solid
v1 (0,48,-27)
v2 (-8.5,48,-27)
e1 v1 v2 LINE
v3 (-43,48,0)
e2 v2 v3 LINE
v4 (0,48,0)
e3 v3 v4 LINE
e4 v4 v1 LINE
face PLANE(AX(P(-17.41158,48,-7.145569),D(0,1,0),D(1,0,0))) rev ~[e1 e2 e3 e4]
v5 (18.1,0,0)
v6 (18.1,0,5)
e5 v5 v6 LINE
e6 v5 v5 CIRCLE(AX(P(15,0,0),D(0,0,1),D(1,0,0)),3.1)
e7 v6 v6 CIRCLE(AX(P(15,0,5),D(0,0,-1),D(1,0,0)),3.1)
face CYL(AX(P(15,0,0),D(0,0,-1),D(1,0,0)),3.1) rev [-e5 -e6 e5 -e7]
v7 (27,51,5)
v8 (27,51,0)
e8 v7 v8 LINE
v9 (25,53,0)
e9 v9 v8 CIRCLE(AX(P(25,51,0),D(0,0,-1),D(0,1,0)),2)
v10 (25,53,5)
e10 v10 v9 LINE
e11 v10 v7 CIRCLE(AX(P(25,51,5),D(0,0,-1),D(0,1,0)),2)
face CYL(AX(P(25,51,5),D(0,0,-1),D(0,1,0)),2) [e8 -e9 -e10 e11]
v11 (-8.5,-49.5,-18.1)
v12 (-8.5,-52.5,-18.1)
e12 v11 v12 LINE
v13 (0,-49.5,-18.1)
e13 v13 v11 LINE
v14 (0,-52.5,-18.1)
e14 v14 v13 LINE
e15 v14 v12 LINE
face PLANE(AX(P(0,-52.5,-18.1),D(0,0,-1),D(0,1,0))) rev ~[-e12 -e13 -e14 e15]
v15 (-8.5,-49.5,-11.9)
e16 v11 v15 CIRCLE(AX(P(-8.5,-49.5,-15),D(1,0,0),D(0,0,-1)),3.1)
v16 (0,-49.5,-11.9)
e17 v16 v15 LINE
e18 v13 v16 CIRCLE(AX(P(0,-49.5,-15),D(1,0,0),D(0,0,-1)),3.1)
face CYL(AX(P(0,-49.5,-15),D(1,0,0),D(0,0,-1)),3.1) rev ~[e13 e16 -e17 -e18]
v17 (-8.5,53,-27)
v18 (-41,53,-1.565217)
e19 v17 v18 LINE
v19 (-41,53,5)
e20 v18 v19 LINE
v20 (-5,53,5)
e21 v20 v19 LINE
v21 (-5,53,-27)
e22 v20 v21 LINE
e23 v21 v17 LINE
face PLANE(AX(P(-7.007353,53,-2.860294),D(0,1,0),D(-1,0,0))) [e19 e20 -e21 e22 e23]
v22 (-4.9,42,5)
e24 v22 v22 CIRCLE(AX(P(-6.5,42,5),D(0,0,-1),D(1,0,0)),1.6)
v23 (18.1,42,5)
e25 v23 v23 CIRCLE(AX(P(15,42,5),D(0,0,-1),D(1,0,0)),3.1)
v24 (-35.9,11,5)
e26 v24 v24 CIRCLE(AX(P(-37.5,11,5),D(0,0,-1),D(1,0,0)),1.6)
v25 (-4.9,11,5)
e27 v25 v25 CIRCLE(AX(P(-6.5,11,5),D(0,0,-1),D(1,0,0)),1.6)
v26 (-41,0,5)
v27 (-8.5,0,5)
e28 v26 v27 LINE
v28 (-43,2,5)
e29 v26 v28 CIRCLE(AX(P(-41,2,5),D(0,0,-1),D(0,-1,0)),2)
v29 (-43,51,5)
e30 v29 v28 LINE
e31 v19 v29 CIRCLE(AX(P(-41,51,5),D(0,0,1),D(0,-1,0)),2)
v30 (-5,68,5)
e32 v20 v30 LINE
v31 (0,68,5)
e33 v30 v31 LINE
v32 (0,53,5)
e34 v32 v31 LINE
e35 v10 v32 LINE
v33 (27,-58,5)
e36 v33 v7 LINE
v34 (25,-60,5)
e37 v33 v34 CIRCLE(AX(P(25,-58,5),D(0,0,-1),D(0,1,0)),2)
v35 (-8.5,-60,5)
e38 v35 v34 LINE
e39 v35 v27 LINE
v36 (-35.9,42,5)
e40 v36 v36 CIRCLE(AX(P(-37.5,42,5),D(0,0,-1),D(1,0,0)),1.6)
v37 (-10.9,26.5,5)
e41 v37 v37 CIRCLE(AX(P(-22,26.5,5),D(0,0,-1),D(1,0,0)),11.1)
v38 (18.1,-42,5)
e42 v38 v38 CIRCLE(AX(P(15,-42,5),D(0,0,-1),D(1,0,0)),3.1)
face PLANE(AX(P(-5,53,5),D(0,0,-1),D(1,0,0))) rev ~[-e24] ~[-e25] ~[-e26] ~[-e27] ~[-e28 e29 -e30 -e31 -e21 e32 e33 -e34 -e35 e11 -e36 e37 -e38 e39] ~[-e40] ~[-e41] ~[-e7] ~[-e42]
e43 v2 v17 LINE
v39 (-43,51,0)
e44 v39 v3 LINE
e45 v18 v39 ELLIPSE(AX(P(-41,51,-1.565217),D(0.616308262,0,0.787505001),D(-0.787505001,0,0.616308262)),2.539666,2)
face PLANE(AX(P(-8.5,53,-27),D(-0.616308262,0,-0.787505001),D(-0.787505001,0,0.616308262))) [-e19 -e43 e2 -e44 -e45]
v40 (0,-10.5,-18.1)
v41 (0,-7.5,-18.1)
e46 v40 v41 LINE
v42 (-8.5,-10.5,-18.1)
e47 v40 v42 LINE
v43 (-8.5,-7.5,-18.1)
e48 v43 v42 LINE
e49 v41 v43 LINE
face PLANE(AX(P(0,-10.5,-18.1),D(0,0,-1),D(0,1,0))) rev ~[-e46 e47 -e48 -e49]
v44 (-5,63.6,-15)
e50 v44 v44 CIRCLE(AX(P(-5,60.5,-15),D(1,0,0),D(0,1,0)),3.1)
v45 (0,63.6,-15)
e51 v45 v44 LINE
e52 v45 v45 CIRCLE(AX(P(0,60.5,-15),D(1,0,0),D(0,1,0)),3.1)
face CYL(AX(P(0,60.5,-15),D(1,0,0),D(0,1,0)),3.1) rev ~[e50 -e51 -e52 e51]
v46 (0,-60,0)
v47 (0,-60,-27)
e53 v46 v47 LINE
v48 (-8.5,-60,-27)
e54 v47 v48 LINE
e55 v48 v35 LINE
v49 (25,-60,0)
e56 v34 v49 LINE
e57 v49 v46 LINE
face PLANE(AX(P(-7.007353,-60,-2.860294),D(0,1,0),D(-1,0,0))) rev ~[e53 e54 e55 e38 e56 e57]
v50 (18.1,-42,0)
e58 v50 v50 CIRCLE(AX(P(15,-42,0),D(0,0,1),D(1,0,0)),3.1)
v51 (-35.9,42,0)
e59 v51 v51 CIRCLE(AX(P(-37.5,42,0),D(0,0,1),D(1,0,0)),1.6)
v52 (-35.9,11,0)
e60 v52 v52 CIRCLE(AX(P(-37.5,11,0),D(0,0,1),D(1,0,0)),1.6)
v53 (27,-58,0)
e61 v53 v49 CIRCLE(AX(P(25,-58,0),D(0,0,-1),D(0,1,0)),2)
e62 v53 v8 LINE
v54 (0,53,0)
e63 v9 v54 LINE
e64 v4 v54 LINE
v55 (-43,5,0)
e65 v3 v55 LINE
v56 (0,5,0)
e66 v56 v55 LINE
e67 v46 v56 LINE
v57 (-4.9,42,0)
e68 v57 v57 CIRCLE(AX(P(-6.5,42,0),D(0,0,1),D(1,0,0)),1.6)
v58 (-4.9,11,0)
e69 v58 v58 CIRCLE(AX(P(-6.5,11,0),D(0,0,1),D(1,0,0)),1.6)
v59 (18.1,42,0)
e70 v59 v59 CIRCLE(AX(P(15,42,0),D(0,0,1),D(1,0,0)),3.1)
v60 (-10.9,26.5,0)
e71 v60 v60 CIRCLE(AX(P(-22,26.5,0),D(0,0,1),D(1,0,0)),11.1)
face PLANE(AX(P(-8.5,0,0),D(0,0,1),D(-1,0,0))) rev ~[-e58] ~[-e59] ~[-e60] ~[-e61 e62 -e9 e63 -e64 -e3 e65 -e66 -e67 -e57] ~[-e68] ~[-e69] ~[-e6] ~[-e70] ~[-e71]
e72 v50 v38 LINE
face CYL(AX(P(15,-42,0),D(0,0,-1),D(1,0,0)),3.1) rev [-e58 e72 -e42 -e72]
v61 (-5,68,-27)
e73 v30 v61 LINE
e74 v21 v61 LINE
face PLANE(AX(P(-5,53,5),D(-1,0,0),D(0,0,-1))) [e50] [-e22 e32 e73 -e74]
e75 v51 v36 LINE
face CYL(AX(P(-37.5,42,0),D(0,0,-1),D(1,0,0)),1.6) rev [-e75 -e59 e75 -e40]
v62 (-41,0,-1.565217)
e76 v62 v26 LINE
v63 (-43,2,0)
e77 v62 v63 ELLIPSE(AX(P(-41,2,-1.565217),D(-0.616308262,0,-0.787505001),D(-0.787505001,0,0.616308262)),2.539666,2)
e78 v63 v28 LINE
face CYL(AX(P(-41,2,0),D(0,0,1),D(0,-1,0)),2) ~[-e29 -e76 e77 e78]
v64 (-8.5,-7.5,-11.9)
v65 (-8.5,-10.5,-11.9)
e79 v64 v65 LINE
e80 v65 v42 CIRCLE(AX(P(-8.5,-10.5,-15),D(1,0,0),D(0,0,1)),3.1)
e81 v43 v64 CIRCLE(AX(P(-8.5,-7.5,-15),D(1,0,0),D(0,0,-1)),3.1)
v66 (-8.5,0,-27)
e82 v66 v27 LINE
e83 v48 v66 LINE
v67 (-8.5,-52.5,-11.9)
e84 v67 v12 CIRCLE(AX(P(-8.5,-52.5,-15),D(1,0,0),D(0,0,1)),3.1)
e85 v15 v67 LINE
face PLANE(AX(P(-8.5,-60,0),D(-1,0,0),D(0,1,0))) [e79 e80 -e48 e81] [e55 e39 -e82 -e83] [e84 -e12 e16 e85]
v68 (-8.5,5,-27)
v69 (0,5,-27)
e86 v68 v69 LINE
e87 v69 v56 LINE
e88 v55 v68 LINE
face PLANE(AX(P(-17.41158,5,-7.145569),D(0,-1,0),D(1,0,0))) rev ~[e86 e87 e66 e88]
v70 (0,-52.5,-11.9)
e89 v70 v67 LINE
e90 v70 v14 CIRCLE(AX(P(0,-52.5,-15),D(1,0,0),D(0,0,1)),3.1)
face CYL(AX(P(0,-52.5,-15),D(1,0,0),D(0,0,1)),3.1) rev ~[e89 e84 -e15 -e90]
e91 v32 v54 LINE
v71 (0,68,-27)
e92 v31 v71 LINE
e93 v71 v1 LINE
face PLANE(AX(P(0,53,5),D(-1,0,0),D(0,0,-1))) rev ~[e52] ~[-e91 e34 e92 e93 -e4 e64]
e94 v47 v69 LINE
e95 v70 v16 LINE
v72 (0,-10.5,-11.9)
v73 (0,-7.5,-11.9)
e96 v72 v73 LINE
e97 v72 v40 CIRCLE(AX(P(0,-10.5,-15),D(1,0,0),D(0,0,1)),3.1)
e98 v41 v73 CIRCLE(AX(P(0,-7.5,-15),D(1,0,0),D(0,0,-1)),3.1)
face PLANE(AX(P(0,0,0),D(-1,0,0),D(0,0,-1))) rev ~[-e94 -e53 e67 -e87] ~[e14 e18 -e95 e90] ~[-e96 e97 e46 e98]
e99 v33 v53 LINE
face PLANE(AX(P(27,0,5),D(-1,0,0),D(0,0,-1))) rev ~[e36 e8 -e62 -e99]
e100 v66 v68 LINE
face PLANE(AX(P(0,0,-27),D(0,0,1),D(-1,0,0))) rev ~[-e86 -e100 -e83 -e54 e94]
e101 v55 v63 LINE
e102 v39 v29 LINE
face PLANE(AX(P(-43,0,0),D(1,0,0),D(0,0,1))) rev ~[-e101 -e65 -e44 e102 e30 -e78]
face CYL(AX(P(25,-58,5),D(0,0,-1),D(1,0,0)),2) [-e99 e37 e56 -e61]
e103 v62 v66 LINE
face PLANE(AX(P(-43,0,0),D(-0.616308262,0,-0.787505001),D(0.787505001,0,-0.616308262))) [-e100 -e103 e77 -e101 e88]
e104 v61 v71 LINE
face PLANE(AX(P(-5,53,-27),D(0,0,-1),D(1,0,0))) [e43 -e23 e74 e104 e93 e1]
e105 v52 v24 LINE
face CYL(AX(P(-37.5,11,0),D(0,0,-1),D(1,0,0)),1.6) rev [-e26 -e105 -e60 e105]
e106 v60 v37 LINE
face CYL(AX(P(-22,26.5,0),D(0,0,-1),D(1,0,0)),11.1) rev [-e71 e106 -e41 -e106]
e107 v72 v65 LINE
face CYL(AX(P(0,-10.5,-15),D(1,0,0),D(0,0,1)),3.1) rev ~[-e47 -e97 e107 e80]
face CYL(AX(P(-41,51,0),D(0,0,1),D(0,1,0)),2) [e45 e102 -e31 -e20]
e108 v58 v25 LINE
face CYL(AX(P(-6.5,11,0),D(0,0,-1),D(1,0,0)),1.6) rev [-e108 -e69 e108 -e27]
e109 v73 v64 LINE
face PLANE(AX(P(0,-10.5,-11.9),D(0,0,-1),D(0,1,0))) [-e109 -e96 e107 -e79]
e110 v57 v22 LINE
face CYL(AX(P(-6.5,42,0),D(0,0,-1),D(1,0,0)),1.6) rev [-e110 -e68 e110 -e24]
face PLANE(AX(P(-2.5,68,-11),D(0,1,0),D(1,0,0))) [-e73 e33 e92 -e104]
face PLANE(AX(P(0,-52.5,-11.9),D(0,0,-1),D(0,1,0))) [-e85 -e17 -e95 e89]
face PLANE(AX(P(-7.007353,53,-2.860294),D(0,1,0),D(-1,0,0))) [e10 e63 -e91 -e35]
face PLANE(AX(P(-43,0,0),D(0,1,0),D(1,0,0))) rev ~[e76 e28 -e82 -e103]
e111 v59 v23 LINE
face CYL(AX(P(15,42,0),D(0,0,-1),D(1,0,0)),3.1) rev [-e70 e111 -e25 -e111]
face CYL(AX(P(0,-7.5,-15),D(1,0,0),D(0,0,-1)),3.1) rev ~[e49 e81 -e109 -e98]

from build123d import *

# Parameters (mm, degrees)
PAD_DEPTH         = 60
PAD_DEPTH_BACK    = 53
SKETCH001_R       = 11.1
SKETCH001_R_2     = 3.1
SKETCH001_R_3     = 1.6
SKETCH001_W       = 34.5
SKETCH001_H       = 60
POCKET_DEPTH      = 27.001
POCKET_DEPTH_BACK = -5.001
POCKET001_DEPTH   = 43.001
PAD001_DEPTH      = 5
PAD002_DEPTH      = 5
SKETCH005_W       = 43
SKETCH005_H       = 27
POCKET002_DEPTH   = 43.001
SKETCH006_W       = 5
SKETCH006_H       = 32
PAD003_DEPTH      = 15
SKETCH007_R       = 3.1
POCKET003_DEPTH   = 43.001
FILLET_R          = 2


with BuildPart() as part:
    # Sketch → Pad (new body, two sides)
    with BuildSketch(Plane.XZ) as pad_sk:
        Polygon((-43, 5), (27, 5), (27, 0), (0, 0), (0, -27), (-8.5, -27), (-8.5, 0), (-43, 0), align=None)
    extrude(amount=PAD_DEPTH)
    extrude(pad_sk.sketch, amount=-PAD_DEPTH_BACK)

    # Sketch001 → Pocket (cut, two sides)
    with BuildSketch(Plane.XY) as pocket_sk:
        with Locations((-22, 26.5)):
            Circle(SKETCH001_R)
        with Locations((15, 42)):
            Circle(SKETCH001_R_2)
        with Locations((15, -42)):
            Circle(SKETCH001_R_2)
        with Locations((15, 0)):
            Circle(SKETCH001_R_2)
        with Locations((-37.5, 42)):
            Circle(SKETCH001_R_3)
        with Locations((-6.5, 42)):
            Circle(SKETCH001_R_3)
        with Locations((-6.5, 11)):
            Circle(SKETCH001_R_3)
        with Locations((-37.5, 11)):
            Circle(SKETCH001_R_3)
        with Locations((-25.75, -30)):
            Rectangle(SKETCH001_W, SKETCH001_H)
    extrude(amount=-POCKET_DEPTH, mode=Mode.SUBTRACT)
    extrude(pocket_sk.sketch, amount=-POCKET_DEPTH_BACK, mode=Mode.SUBTRACT)

    # Sketch002 → Pocket001 (cut, through all)
    with BuildSketch(Plane.YZ):
        with BuildLine():
            ThreePointArc((-52.5, -11.9), (-55.6, -15), (-52.5, -18.1))
            Line((-52.5, -18.1), (-49.5, -18.1))
            ThreePointArc((-49.5, -18.1), (-46.4, -15), (-49.5, -11.9))
            Line((-52.5, -11.9), (-49.5, -11.9))
        make_face()
        with BuildLine():
            ThreePointArc((-10.5, -11.9), (-13.6, -15), (-10.5, -18.1))
            Line((-10.5, -18.1), (-7.5, -18.1))
            ThreePointArc((-7.5, -18.1), (-4.4, -15), (-7.5, -11.9))
            Line((-10.5, -11.9), (-7.5, -11.9))
        make_face()
    extrude(amount=-POCKET001_DEPTH, mode=Mode.SUBTRACT)

    # Sketch003 → Pad001 (join)
    with BuildSketch(Plane.XZ):
        Polygon((-43, 5), (-43, 0), (-8.5, -27), (0, -27), (0, 5), align=None)
    extrude(amount=-PAD001_DEPTH)

    # Sketch004 (on Face1 of Pad001) → Pad002 (join)
    with BuildSketch(Plane(origin=(0, 53, 0), x_dir=(1, 0, 0), z_dir=(0, 1, 0))):
        Polygon((-43, -5), (0, -5), (0, 27), (-8.5, 27), (-43, 0), align=None)
    extrude(amount=-PAD002_DEPTH)

    # Sketch005 → Pocket002 (cut, through all)
    with BuildSketch(Plane.YZ):
        with Locations((26.5, -13.5)):
            Rectangle(SKETCH005_W, SKETCH005_H)
    extrude(amount=-POCKET002_DEPTH, mode=Mode.SUBTRACT)

    # Sketch006 (on Face4 of Pocket002) → Pad003 (join)
    with BuildSketch(Plane(origin=(0, 53, 0), x_dir=(1, 0, 0), z_dir=(0, 1, 0))):
        with Locations((-2.5, 11)):
            Rectangle(SKETCH006_W, SKETCH006_H)
    extrude(amount=PAD003_DEPTH)

    # Sketch007 → Pocket003 (cut, through all)
    with BuildSketch(Plane.YZ):
        with Locations((60.5, -15)):
            Circle(SKETCH007_R)
    extrude(amount=-POCKET003_DEPTH, mode=Mode.SUBTRACT)

    # Fillet
    fillet_edges = [part.edges().sort_by_distance(p)[0] for p in [
        (27, -60, 2.5),
        (27, 53, 2.5),
        (-43, 0, 2.5),
        (-43, 53, 2.5),
    ]]
    fillet(fillet_edges, radius=FILLET_R)


solid = part.part
